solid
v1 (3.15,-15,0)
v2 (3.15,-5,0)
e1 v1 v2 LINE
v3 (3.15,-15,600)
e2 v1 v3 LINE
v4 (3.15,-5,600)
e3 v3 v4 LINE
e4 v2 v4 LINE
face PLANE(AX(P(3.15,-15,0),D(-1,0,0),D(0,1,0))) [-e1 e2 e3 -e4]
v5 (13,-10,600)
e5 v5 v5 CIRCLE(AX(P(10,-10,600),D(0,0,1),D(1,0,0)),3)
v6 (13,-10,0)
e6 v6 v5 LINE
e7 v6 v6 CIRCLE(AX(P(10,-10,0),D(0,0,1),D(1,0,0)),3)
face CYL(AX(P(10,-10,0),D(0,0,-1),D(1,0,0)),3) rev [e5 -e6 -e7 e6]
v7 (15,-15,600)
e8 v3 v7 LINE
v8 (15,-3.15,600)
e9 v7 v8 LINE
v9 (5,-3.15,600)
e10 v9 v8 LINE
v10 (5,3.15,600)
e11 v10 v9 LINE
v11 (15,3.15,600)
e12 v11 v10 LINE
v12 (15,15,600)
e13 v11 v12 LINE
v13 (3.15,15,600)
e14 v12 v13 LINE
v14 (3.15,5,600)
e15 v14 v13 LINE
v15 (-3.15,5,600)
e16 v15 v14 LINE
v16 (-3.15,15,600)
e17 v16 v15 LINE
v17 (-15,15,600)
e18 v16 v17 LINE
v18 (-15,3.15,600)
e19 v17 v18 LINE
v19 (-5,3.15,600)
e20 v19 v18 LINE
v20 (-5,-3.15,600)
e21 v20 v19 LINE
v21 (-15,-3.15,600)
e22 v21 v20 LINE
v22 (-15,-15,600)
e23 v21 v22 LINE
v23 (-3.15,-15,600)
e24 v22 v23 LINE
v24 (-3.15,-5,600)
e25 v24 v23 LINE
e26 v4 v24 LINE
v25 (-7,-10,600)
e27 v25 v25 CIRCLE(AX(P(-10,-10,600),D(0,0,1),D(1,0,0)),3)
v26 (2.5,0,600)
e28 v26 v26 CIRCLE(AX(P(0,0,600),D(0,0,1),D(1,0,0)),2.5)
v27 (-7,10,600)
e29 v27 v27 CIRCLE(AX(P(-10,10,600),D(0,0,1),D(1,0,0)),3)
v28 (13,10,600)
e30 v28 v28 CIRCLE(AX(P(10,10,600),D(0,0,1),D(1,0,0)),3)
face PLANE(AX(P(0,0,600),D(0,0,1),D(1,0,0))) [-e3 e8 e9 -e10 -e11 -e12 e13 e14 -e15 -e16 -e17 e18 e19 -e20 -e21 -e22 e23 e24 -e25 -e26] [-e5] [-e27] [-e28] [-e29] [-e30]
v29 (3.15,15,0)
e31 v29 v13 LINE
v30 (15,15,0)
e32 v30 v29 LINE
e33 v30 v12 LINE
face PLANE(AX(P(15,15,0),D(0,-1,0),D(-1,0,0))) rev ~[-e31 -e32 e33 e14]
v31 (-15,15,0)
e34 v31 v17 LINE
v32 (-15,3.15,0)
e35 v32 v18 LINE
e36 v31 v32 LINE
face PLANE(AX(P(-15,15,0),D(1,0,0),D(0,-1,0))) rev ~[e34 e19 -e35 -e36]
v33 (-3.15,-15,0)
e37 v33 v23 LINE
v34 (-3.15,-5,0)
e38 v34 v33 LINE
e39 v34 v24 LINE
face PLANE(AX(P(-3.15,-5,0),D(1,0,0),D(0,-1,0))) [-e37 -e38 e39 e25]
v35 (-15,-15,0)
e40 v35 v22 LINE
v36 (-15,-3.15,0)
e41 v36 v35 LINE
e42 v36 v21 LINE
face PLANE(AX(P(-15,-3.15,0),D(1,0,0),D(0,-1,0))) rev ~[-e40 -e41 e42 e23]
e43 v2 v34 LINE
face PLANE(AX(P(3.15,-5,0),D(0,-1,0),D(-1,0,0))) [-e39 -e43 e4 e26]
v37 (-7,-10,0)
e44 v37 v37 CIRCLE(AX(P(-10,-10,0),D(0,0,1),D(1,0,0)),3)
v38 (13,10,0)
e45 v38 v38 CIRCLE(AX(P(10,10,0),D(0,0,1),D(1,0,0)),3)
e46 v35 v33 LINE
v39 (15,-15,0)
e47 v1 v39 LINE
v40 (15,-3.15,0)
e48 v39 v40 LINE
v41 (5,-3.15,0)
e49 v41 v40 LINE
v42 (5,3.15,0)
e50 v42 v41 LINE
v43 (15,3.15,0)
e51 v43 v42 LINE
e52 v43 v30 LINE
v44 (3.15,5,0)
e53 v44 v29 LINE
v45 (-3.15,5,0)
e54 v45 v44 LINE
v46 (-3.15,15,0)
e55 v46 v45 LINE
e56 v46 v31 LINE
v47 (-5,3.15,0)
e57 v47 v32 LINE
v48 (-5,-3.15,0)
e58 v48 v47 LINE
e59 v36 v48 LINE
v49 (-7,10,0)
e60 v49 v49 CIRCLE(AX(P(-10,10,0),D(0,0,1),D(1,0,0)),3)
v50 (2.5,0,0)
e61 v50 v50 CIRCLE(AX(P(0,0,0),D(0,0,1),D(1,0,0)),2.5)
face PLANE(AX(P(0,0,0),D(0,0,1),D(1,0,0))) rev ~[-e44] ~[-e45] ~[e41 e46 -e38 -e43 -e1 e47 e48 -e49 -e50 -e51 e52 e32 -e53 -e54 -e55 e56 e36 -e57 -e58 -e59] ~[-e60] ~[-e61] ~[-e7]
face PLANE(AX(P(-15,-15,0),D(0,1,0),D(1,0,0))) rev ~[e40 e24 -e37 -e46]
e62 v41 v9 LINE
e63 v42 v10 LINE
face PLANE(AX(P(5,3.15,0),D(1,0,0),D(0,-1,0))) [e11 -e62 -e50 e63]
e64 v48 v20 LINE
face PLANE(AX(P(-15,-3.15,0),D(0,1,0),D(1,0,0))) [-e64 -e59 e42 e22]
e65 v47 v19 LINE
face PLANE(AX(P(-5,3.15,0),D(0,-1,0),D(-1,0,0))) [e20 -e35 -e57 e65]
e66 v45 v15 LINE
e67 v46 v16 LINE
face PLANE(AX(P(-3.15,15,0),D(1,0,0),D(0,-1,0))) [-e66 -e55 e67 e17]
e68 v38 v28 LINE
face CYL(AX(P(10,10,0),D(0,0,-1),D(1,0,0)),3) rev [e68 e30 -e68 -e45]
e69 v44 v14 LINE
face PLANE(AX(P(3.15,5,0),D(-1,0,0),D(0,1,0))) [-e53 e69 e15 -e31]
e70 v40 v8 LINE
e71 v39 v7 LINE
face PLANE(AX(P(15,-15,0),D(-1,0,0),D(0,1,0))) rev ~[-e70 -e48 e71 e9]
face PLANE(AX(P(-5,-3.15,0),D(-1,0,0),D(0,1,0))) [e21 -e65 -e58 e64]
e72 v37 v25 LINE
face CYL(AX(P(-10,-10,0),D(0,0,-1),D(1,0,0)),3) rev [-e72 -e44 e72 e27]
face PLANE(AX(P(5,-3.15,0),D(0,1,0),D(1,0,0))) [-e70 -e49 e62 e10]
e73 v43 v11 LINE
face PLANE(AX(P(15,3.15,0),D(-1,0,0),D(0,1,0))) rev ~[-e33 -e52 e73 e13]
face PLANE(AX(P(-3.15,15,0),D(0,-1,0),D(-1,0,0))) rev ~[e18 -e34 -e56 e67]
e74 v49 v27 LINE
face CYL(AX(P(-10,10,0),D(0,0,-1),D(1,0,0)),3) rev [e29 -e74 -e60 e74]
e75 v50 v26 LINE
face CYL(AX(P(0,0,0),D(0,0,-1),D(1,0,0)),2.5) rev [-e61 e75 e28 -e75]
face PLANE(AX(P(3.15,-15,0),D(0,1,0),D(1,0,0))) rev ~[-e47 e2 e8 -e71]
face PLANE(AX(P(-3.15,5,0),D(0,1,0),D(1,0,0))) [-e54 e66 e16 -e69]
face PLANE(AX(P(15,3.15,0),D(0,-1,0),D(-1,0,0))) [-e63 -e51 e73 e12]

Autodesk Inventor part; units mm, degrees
ref_plane "YZ Plane" through (0, 0, 0) normal (1, 0, 0) x (0, 1, 0)
ref_plane "XZ Plane" through (0, 0, 0) normal (0, 1, 0) x (-1, 0, 0)
ref_plane "XY Plane" through (0, 0, 0) normal (0, 0, 1) x (1, 0, 0)
sketch "스케치1" plane through (0, 0, 0) normal (0, 0, 1) x (1, 0, 0)
  line L0 (15, 15) -> (-15, 15)
  line L1 (-15, 15) -> (-15, -15)
  line L2 (-15, -15) -> (15, -15)
  line L3 (15, -15) -> (15, 15)
  circle A0 centre (0, 0) radius 2.5
  circle A1 centre (-10, 10) radius 3
  circle A2 centre (10, 10) radius 3
  circle A3 centre (10, -10) radius 3
  circle A4 centre (-10, -10) radius 3
  line L4 (3.15, 15) -> (-3.15, 15)
  line L5 (-3.15, 15) -> (-3.15, 5)
  line L6 (-3.15, 5) -> (3.15, 5)
  line L7 (3.15, 5) -> (3.15, 15)
  line L8 (-15, -3.15) -> (-5, -3.15)
  line L9 (-5, 3.15) -> (-15, 3.15)
  line L10 (-5, -3.15) -> (-5, 3.15)
  line L11 (-15, 3.15) -> (-15, -3.15)
  line L12 (3.15, -15) -> (3.15, -5)
  line L13 (-3.15, -5) -> (-3.15, -15)
  line L14 (3.15, -5) -> (-3.15, -5)
  line L15 (-3.15, -15) -> (3.15, -15)
  line L16 (15, 3.15) -> (5, 3.15)
  line L17 (5, -3.15) -> (15, -3.15)
  line L18 (5, 3.15) -> (5, -3.15)
  line L19 (15, -3.15) -> (15, 3.15)
  dimension "d0" = 30
  dimension "d1" = 15
  dimension "d2" = 30
  dimension "d3" = 15
  dimension "d4" = 20
  dimension "d5" = 10
  dimension "d6" = 20
  dimension "d7" = 10
  dimension "d8" = 20
  dimension "d9" = 20
  dimension "d10" = 10
  dimension "d11" = 10
  dimension "d12" = 6
  dimension "d13" = 6
  dimension "d14" = 6
  dimension "d15" = 6
  dimension "d16" = 5
  dimension "d17" = 0
  dimension "d18" = 6.3
  dimension "d19" = 3.15
  dimension "d20" = 10
  dimension "d23" = 360
extrude "돌출1" add sketch "스케치1" along normal blind 600 contours L3 L16 L18 L17 L2 L12 L14 L13 L1 L8 L10 L9 L0 L5 L6 L7
equation "\"TransitionRadius\" = BendRadius"
equation "\"BendRadius\" = 0.5"
properties part number "3030600"
